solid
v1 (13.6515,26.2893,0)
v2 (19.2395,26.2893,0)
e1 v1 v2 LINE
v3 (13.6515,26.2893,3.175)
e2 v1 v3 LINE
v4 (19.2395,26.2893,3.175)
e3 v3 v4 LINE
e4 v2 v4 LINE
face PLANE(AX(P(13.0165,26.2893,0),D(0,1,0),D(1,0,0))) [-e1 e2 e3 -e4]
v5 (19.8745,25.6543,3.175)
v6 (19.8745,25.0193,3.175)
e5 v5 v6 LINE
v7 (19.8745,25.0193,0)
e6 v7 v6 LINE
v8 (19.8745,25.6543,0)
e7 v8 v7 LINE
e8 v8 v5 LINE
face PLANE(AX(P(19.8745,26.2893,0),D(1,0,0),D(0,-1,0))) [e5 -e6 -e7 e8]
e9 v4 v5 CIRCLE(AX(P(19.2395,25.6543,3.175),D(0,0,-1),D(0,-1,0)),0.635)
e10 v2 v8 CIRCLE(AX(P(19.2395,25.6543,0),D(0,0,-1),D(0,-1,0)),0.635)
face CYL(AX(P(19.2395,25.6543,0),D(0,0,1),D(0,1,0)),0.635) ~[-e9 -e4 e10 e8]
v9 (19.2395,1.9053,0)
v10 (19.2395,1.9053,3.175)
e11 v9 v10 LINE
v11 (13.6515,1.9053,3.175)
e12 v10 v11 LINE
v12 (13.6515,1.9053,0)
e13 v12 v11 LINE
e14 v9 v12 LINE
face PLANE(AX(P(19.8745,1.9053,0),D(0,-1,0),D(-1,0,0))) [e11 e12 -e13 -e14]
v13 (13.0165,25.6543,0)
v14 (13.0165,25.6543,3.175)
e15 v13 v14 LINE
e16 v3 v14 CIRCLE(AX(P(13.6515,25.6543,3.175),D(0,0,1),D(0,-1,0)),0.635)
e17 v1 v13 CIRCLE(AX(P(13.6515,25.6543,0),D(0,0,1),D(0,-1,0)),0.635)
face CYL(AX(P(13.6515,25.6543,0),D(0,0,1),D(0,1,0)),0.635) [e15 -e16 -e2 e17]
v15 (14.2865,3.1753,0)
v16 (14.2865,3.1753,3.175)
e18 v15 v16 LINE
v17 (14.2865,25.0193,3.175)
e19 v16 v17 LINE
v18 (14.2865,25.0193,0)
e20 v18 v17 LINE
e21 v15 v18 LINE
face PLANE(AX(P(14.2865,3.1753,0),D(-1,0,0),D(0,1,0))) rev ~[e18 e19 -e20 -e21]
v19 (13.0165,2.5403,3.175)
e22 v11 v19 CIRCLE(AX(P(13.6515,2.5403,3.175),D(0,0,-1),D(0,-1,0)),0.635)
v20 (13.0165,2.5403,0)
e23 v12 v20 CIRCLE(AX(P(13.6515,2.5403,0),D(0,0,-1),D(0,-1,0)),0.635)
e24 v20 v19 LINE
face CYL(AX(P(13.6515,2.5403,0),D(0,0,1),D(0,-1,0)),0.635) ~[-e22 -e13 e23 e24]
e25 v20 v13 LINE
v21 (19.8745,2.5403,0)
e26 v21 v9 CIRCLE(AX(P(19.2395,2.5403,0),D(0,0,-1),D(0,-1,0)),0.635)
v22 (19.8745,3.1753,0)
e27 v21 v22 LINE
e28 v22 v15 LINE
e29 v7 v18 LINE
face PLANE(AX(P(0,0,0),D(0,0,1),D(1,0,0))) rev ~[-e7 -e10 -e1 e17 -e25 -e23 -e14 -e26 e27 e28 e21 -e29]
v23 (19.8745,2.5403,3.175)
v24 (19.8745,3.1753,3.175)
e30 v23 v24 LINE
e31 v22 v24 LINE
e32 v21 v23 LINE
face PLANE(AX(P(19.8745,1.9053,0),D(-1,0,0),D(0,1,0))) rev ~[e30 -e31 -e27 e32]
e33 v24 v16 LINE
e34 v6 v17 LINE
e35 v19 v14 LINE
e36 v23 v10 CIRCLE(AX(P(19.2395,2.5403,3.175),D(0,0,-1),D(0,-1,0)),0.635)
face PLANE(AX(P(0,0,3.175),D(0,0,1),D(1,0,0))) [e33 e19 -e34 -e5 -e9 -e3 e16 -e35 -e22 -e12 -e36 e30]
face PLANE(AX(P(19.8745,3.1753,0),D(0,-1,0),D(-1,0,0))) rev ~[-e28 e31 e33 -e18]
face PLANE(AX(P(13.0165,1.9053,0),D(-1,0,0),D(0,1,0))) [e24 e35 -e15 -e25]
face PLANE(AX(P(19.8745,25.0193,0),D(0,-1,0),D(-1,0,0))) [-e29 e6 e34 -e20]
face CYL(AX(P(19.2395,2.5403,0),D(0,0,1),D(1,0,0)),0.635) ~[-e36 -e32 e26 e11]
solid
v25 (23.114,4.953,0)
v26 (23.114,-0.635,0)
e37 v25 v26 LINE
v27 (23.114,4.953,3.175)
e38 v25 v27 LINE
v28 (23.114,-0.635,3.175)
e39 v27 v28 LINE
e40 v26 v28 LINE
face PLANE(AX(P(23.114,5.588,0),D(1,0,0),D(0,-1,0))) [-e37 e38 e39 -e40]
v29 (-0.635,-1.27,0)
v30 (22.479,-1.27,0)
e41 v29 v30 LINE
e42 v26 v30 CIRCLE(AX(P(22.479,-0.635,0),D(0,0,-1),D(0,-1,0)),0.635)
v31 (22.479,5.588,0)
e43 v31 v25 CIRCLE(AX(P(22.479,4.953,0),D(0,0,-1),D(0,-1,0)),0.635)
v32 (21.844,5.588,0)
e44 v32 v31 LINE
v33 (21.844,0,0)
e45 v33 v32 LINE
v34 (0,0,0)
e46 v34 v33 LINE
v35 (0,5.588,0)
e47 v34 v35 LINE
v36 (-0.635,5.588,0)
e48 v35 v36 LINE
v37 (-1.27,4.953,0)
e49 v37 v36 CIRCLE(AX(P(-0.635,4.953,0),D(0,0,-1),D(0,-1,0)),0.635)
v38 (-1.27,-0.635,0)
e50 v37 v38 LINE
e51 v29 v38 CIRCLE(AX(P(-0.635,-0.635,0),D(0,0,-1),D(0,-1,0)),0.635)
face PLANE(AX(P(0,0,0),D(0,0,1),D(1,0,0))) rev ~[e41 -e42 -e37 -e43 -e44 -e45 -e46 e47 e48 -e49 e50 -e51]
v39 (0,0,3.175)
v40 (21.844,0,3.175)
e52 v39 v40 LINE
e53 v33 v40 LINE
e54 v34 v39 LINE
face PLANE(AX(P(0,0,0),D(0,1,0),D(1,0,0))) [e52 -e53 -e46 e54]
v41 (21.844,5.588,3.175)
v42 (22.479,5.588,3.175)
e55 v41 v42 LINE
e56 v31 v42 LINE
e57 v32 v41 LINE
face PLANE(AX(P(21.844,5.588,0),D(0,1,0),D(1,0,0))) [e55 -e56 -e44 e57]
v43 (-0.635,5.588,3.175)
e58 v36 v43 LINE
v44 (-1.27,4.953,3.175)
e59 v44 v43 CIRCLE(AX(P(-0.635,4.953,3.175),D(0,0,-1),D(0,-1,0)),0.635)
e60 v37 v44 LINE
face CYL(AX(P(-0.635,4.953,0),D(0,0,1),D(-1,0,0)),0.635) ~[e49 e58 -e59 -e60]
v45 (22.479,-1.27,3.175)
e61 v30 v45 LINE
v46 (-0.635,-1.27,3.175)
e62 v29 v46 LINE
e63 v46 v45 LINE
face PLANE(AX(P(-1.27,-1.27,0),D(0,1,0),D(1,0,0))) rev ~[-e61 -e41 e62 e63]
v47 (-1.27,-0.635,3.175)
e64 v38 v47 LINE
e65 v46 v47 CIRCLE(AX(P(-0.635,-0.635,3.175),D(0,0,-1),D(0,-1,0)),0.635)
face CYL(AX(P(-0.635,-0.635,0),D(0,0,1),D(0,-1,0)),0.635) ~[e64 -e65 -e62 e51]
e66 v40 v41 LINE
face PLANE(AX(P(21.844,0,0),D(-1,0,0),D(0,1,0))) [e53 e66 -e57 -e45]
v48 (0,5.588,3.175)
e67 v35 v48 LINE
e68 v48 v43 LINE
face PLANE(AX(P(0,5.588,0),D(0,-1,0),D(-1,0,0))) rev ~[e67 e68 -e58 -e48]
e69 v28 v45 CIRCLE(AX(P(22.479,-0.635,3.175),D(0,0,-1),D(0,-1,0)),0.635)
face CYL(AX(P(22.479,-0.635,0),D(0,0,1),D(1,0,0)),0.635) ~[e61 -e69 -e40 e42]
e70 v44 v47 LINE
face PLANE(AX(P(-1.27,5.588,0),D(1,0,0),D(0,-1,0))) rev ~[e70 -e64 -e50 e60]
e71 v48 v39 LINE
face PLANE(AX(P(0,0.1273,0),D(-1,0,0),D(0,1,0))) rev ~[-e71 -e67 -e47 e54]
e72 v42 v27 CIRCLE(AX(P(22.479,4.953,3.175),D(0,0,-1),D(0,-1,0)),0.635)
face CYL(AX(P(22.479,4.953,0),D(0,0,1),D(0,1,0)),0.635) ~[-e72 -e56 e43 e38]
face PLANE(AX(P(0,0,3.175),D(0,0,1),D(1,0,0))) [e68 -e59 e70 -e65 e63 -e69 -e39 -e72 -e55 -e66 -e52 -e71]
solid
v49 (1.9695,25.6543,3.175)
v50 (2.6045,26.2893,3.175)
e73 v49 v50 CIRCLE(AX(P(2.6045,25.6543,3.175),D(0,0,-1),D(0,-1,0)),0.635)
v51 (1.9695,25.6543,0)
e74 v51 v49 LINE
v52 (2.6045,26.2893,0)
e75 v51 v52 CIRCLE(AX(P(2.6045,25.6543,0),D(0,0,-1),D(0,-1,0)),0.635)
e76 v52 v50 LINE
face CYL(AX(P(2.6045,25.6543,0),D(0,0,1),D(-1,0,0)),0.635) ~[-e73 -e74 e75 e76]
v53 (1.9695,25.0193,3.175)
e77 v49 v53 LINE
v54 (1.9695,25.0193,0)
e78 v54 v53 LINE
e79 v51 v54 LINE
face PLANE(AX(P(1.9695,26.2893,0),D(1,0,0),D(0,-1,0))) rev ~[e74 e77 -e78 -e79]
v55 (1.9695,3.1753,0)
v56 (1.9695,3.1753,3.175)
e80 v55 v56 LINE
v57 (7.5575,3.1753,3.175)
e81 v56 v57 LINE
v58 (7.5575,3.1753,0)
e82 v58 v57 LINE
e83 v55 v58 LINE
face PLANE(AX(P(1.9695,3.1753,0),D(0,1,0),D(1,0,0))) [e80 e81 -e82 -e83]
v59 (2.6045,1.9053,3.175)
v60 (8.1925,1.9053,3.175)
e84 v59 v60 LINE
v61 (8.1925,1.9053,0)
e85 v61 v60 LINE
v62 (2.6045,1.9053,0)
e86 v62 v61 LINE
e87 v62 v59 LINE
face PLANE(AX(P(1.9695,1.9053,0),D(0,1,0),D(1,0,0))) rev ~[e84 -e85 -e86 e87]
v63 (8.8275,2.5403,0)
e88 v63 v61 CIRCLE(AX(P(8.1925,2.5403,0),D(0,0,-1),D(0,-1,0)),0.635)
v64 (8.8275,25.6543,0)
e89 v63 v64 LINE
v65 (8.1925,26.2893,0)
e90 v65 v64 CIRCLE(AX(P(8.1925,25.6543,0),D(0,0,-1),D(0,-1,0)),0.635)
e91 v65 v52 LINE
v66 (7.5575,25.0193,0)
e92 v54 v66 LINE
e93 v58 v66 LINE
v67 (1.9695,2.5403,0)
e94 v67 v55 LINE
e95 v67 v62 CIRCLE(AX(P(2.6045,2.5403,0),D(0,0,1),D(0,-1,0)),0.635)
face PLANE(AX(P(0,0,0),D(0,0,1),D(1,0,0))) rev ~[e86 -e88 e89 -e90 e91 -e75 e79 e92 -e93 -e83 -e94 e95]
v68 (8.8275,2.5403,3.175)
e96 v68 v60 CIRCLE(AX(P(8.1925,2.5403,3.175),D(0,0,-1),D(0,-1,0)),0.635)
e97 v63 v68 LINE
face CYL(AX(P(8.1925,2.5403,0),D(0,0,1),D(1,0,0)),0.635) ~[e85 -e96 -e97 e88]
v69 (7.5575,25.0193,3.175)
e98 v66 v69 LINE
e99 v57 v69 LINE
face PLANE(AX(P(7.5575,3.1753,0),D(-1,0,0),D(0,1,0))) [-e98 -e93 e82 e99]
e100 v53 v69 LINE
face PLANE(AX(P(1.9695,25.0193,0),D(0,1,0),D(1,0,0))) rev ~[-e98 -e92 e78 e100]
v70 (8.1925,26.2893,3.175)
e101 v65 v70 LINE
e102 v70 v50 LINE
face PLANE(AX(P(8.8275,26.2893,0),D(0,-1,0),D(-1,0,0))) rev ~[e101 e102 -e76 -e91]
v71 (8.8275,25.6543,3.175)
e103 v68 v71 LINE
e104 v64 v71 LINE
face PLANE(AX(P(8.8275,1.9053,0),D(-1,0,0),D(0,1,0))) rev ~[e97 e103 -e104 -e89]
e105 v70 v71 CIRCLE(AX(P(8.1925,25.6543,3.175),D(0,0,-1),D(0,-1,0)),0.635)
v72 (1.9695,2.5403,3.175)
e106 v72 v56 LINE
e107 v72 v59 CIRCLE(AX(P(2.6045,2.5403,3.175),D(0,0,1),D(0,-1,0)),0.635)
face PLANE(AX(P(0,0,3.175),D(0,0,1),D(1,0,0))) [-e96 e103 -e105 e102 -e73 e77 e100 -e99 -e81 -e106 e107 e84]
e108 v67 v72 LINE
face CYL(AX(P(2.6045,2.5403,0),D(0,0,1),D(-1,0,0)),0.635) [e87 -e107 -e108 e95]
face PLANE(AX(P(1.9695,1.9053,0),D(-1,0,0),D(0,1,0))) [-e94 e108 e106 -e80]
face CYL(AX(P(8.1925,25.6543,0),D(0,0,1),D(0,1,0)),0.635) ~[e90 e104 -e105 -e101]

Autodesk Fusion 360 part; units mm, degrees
sketch "Sketch1" plane through (0, 0, 0) normal (0, 0, 1) x (1, 0, 0)
  line L0 (0, 0) -> (21.844, 0)
  line L1 (21.844, 0) -> (21.844, 5.588)
  line L2 (21.844, 5.588) -> (23.114, 5.588)
  line L3 (23.114, 5.588) -> (23.114, -1.27)
  line L4 (0, 0) -> (0, 5.588)
  line L5 (0, 5.588) -> (-1.27, 5.588)
  line L6 (-1.27, 5.588) -> (-1.27, -1.27)
  line L7 (-1.27, -1.27) -> (23.114, -1.27)
  line L8 (21.844, 0) -> (19.5989, 2.2451) construction
  line L9 (21.844, 0) -> (25.019, 0) construction
  line L10 (21.7167, 5.588) -> (23.114, 5.588)
  line L11 (21.7167, 0.1273) -> (21.7167, 5.588)
  line L12 (0, 5.588) -> (-1.27, 5.588)
  line L13 (21.7167, 0.1273) -> (19.5989, 2.2451) construction
  line L14 (0, 0.1273) -> (21.7167, 0.1273)
  line L15 (0, 0) -> (0, 5.588)
  line L16 (-1.27, -1.27) -> (23.114, -1.27)
  line L17 (23.114, 5.588) -> (23.114, -1.27)
  line L18 (-1.27, 5.588) -> (-1.27, -1.27)
  line L19 (0, 5.588) -> (1.5875, 5.588) construction
  line L20 (1.9695, 0.1273) -> (1.9695, 1.9053) construction
  line L21 (1.9695, 1.9053) -> (8.8275, 1.9053)
  line L22 (8.8275, 1.9053) -> (8.8275, 26.2893)
  line L23 (8.8275, 26.2893) -> (1.9695, 26.2893)
  line L24 (1.9695, 1.9053) -> (1.9695, 3.1753)
  line L25 (1.9695, 3.1753) -> (7.5575, 3.1753)
  line L26 (1.9695, 26.2893) -> (1.9695, 25.0193)
  line L27 (1.9695, 25.0193) -> (7.5575, 25.0193)
  line L28 (7.5575, 3.1753) -> (7.5575, 25.0193)
  line L29 (13.0165, 26.2893) -> (19.8745, 26.2893)
  line L30 (19.8745, 26.2893) -> (19.8745, 25.0193)
  line L31 (19.8745, 25.0193) -> (14.2865, 25.0193)
  line L32 (14.2865, 3.1753) -> (14.2865, 25.0193)
  line L33 (13.0165, 1.9053) -> (13.0165, 26.2893)
  line L34 (19.8745, 1.9053) -> (13.0165, 1.9053)
  line L35 (19.8745, 3.1753) -> (14.2865, 3.1753)
  line L36 (19.8745, 1.9053) -> (19.8745, 3.1753)
  point P0 (0, 0.1273)
  dimension "d15" = 1.5875
  dimension "d16" = 1.778
  dimension "d17" = 6.858
  dimension "d18" = 24.384
  dimension "d19" = 6.858
  dimension "d20" = 1.27
  dimension "d21" = 5.588
  dimension "d22" = 1.27
  dimension "d23" = 5.588
extrude "Extrude1" add sketch "Sketch1" along normal blind 3.175 contours L0 L1 L2 L3 L4 L5 L6 L7 L10 L12 L15 L16 L17 L18 | L21 L22 L23 L24 L25 L26 L27 L28 | L29 L30 L31 L32 L33 L34 L35 L36 makes body 1 at (14.986, -1.27, 2.1167) makes body 2 at (8.8275, 18.1613, 2.1167) makes body 3 at (13.0165, 18.1613, 2.1167)
fillet "Fillet1" radius 0.635 8 edges at (-1.27, -1.27, 1.5875) (23.114, -1.27, 1.5875) (-1.27, 5.588, 1.5875) (23.114, 5.588, 1.5875) (1.9695, 1.9053, 1.5875) (8.8275, 1.9053, 1.5875) (8.8275, 26.2893, 1.5875) (1.9695, 26.2893, 1.5875) on bodies 1 2 3
fillet "Fillet1" radius 0.635 4 edges at (19.8745, 1.9053, 1.5875) (13.0165, 1.9053, 1.5875) (13.0165, 26.2893, 1.5875) (19.8745, 26.2893, 1.5875) on bodies 1 2 3
